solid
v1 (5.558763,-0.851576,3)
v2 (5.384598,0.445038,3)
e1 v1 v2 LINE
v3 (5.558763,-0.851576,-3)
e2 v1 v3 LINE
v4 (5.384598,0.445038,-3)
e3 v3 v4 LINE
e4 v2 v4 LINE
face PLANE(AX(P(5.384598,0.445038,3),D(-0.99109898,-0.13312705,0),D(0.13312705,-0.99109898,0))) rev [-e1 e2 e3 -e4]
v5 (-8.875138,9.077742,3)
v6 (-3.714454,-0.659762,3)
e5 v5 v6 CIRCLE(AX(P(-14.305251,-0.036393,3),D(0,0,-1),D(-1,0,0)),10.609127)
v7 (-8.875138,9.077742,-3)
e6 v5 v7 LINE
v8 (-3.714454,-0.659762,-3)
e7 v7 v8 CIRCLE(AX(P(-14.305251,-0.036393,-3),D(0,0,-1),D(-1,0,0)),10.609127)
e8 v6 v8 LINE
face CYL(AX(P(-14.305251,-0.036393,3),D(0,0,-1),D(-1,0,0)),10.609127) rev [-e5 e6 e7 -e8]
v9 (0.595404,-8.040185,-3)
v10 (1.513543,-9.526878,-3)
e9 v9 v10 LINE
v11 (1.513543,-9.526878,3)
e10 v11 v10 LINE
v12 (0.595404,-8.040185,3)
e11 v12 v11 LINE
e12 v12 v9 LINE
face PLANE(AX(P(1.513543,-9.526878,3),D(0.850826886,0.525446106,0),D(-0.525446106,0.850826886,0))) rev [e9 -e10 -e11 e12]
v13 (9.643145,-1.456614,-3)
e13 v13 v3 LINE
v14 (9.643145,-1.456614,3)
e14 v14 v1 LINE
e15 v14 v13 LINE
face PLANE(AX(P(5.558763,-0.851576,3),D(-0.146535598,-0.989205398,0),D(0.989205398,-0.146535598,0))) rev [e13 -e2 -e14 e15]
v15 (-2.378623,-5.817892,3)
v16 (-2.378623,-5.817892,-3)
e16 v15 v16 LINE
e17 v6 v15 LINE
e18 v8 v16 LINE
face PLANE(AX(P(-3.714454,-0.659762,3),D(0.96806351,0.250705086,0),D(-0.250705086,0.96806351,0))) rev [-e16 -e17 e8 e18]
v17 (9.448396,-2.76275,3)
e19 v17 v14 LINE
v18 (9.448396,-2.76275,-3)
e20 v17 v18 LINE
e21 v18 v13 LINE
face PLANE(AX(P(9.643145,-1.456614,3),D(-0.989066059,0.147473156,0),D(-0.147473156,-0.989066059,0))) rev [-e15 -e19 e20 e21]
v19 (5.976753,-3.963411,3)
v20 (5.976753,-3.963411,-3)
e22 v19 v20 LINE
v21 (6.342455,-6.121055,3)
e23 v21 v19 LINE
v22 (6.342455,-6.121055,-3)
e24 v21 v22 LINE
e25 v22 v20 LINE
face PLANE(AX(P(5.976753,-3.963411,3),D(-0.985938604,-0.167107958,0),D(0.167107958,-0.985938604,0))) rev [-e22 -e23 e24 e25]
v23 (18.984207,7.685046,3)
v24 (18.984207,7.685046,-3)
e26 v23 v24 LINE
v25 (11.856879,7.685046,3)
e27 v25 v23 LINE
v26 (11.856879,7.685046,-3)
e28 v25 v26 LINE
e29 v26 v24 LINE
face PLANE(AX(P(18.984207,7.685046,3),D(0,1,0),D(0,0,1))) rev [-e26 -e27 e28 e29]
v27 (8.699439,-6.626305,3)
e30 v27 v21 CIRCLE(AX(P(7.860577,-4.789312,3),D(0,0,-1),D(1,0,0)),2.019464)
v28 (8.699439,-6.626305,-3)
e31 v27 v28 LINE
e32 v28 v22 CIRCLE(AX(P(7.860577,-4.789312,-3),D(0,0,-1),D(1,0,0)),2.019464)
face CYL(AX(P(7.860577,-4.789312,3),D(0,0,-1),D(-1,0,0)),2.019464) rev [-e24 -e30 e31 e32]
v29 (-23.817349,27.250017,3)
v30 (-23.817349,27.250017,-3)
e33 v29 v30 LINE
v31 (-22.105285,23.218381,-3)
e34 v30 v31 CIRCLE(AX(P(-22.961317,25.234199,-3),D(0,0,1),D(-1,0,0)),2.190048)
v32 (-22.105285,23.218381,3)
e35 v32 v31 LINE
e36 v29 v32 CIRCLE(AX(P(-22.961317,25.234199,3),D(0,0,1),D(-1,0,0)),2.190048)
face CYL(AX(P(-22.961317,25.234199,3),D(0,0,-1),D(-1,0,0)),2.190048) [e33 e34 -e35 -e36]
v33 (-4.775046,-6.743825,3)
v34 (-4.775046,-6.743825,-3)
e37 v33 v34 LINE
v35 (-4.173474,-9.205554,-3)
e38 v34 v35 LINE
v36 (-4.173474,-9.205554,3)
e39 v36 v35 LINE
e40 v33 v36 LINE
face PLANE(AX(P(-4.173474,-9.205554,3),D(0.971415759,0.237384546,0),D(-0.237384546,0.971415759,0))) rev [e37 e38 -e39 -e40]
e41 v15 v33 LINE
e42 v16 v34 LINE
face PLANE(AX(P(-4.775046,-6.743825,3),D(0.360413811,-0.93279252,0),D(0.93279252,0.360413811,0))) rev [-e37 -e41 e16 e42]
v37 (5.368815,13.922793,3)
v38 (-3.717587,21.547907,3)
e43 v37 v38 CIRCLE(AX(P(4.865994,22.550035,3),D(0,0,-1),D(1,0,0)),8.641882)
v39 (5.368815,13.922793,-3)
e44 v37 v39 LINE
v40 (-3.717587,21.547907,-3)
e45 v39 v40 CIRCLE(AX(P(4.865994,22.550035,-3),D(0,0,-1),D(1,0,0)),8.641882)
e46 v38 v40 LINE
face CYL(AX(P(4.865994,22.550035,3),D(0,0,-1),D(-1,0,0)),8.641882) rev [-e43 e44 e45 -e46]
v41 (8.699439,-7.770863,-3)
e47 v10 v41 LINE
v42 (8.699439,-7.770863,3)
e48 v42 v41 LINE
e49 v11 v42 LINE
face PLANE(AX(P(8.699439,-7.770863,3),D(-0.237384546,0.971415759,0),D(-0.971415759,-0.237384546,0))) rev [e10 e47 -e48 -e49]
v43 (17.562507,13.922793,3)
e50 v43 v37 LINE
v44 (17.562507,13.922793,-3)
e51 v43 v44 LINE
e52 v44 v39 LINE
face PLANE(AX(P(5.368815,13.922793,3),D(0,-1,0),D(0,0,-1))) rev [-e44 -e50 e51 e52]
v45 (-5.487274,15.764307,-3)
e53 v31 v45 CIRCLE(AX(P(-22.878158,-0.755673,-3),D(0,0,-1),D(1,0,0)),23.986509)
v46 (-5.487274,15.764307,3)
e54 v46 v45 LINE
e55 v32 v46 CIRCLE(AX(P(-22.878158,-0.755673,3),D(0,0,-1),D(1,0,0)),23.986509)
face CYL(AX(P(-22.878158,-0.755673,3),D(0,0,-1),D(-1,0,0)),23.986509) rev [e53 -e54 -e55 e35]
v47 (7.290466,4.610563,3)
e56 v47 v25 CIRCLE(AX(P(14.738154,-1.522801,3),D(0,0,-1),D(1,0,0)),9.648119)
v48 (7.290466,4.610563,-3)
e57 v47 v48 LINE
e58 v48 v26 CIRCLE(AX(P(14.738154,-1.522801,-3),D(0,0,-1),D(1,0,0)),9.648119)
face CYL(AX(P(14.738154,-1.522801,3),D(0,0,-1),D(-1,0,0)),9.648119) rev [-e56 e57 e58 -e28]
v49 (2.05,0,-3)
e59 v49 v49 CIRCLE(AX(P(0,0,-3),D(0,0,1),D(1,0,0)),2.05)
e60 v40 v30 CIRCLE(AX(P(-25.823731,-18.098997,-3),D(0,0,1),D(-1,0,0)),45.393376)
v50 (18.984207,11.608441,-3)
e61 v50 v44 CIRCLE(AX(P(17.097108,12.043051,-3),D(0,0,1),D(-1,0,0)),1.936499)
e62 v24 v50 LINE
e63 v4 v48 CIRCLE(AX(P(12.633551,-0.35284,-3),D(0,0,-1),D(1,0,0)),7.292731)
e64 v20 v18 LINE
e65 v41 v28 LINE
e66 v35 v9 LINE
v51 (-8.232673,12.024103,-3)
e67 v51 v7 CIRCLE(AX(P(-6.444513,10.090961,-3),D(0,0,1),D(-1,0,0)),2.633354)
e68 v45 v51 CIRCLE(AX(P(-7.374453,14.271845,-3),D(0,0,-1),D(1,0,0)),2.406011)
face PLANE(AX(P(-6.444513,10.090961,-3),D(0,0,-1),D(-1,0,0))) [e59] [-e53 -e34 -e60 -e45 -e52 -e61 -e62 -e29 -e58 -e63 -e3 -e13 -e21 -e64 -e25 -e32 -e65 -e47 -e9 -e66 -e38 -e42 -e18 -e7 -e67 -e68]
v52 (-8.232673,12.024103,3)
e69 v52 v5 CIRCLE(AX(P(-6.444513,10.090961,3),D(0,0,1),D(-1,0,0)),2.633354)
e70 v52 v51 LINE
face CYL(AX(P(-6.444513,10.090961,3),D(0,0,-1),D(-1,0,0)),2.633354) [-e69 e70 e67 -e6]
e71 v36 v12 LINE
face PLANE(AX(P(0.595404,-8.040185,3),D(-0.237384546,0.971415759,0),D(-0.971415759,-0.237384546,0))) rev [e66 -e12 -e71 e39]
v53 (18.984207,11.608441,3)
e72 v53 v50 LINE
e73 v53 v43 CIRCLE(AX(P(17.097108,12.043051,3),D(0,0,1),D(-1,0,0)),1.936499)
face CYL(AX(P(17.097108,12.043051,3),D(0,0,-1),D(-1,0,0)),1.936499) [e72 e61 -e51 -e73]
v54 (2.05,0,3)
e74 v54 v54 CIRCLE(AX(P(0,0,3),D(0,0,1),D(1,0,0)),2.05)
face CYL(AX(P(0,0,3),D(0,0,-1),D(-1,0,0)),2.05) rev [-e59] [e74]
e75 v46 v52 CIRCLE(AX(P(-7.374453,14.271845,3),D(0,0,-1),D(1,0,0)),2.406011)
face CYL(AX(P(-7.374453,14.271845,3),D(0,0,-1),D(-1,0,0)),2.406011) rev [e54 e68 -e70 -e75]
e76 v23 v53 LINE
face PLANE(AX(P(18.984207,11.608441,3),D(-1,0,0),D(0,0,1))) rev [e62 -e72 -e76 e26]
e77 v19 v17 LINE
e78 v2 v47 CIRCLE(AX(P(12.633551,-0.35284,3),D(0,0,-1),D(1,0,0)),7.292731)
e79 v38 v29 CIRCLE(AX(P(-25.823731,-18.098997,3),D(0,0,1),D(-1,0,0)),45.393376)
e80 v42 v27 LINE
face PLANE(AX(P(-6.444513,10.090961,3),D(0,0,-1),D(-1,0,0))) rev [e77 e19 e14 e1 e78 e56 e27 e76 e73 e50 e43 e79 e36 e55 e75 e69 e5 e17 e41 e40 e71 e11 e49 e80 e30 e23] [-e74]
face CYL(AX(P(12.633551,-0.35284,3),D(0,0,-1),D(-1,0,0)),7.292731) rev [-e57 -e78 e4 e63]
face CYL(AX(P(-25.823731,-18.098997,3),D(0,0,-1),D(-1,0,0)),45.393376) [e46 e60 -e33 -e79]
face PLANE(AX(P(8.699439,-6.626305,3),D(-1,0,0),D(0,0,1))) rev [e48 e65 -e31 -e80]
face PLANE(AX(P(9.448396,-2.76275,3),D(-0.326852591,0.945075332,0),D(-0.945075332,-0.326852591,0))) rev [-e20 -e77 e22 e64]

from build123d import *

# Parameters (mm, degrees)
SKETCH_1_R      = 2.05
EXTRUDE_1_DEPTH = 3


with BuildPart() as part:
    # 스케치1 → 보스-돌출1 (new, symmetric)
    with BuildSketch(Plane.XY):
        with BuildLine():
            Line((-3.714453644, -0.659762387), (-2.378622648, -5.81789167))
            Line((-2.378622648, -5.81789167), (-4.775045742, -6.743825318))
            Line((-4.775045742, -6.743825318), (-4.17347403, -9.205553558))
            Line((-4.17347403, -9.205553558), (0.595403586, -8.040184518))
            Line((0.595403586, -8.040184518), (1.5135427, -9.526878273))
            Line((1.5135427, -9.526878273), (8.699439255, -7.770863118))
            Line((8.699439255, -7.770863118), (8.699439255, -6.62630488))
            ThreePointArc((8.699439255, -6.62630488), (7.437294697, -6.763917269), (6.342454802, -6.121055183))
            Line((6.342454802, -6.121055183), (5.976753085, -3.963411438))
            Line((5.976753085, -3.963411438), (9.448395839, -2.762750085))
            Line((9.448395839, -2.762750085), (9.643145165, -1.456614425))
            Line((9.643145165, -1.456614425), (5.558763062, -0.851575902))
            Line((5.558763062, -0.851575902), (5.384598497, 0.445037535))
            ThreePointArc((5.384598497, 0.445037535), (6.001978603, 2.68132709), (7.290465917, 4.61056259))
            ThreePointArc((7.290465917, 4.61056259), (9.349741981, 6.480399593), (11.856878684, 7.685046382))
            Line((11.856878684, 7.685046382), (18.984206684, 7.685046382))
            Line((18.984206684, 7.685046382), (18.984206684, 11.608441399))
            ThreePointArc((18.984206684, 11.608441399), (18.747143867, 13.056663145), (17.562507461, 13.922793382))
            Line((17.562507461, 13.922793382), (5.368815069, 13.922793382))
            ThreePointArc((5.368815069, 13.922793382), (-0.689207057, 15.930226431), (-3.717586974, 21.547906968))
            ThreePointArc((-3.717586974, 21.547906968), (-13.434946181, 25.571091327), (-23.817349178, 27.25001668))
            ThreePointArc((-23.817349178, 27.25001668), (-24.977134733, 24.378166735), (-22.105284788, 23.21838118))
            ThreePointArc((-22.105284788, 23.21838118), (-13.06126812, 21.129967821), (-5.487273706, 15.764306963))
            ThreePointArc((-5.487273706, 15.764306963), (-5.434873097, 12.848146862), (-8.232673416, 12.024102607))
            ThreePointArc((-8.232673416, 12.024102607), (-9.017409998, 10.65199102), (-8.87513846, 9.077741828))
            ThreePointArc((-8.87513846, 9.077741828), (-4.931237162, 4.931648988), (-3.714453644, -0.659762387))
        make_face()
        Circle(SKETCH_1_R, mode=Mode.SUBTRACT)
    extrude(amount=EXTRUDE_1_DEPTH, both=True)


solid = part.part
